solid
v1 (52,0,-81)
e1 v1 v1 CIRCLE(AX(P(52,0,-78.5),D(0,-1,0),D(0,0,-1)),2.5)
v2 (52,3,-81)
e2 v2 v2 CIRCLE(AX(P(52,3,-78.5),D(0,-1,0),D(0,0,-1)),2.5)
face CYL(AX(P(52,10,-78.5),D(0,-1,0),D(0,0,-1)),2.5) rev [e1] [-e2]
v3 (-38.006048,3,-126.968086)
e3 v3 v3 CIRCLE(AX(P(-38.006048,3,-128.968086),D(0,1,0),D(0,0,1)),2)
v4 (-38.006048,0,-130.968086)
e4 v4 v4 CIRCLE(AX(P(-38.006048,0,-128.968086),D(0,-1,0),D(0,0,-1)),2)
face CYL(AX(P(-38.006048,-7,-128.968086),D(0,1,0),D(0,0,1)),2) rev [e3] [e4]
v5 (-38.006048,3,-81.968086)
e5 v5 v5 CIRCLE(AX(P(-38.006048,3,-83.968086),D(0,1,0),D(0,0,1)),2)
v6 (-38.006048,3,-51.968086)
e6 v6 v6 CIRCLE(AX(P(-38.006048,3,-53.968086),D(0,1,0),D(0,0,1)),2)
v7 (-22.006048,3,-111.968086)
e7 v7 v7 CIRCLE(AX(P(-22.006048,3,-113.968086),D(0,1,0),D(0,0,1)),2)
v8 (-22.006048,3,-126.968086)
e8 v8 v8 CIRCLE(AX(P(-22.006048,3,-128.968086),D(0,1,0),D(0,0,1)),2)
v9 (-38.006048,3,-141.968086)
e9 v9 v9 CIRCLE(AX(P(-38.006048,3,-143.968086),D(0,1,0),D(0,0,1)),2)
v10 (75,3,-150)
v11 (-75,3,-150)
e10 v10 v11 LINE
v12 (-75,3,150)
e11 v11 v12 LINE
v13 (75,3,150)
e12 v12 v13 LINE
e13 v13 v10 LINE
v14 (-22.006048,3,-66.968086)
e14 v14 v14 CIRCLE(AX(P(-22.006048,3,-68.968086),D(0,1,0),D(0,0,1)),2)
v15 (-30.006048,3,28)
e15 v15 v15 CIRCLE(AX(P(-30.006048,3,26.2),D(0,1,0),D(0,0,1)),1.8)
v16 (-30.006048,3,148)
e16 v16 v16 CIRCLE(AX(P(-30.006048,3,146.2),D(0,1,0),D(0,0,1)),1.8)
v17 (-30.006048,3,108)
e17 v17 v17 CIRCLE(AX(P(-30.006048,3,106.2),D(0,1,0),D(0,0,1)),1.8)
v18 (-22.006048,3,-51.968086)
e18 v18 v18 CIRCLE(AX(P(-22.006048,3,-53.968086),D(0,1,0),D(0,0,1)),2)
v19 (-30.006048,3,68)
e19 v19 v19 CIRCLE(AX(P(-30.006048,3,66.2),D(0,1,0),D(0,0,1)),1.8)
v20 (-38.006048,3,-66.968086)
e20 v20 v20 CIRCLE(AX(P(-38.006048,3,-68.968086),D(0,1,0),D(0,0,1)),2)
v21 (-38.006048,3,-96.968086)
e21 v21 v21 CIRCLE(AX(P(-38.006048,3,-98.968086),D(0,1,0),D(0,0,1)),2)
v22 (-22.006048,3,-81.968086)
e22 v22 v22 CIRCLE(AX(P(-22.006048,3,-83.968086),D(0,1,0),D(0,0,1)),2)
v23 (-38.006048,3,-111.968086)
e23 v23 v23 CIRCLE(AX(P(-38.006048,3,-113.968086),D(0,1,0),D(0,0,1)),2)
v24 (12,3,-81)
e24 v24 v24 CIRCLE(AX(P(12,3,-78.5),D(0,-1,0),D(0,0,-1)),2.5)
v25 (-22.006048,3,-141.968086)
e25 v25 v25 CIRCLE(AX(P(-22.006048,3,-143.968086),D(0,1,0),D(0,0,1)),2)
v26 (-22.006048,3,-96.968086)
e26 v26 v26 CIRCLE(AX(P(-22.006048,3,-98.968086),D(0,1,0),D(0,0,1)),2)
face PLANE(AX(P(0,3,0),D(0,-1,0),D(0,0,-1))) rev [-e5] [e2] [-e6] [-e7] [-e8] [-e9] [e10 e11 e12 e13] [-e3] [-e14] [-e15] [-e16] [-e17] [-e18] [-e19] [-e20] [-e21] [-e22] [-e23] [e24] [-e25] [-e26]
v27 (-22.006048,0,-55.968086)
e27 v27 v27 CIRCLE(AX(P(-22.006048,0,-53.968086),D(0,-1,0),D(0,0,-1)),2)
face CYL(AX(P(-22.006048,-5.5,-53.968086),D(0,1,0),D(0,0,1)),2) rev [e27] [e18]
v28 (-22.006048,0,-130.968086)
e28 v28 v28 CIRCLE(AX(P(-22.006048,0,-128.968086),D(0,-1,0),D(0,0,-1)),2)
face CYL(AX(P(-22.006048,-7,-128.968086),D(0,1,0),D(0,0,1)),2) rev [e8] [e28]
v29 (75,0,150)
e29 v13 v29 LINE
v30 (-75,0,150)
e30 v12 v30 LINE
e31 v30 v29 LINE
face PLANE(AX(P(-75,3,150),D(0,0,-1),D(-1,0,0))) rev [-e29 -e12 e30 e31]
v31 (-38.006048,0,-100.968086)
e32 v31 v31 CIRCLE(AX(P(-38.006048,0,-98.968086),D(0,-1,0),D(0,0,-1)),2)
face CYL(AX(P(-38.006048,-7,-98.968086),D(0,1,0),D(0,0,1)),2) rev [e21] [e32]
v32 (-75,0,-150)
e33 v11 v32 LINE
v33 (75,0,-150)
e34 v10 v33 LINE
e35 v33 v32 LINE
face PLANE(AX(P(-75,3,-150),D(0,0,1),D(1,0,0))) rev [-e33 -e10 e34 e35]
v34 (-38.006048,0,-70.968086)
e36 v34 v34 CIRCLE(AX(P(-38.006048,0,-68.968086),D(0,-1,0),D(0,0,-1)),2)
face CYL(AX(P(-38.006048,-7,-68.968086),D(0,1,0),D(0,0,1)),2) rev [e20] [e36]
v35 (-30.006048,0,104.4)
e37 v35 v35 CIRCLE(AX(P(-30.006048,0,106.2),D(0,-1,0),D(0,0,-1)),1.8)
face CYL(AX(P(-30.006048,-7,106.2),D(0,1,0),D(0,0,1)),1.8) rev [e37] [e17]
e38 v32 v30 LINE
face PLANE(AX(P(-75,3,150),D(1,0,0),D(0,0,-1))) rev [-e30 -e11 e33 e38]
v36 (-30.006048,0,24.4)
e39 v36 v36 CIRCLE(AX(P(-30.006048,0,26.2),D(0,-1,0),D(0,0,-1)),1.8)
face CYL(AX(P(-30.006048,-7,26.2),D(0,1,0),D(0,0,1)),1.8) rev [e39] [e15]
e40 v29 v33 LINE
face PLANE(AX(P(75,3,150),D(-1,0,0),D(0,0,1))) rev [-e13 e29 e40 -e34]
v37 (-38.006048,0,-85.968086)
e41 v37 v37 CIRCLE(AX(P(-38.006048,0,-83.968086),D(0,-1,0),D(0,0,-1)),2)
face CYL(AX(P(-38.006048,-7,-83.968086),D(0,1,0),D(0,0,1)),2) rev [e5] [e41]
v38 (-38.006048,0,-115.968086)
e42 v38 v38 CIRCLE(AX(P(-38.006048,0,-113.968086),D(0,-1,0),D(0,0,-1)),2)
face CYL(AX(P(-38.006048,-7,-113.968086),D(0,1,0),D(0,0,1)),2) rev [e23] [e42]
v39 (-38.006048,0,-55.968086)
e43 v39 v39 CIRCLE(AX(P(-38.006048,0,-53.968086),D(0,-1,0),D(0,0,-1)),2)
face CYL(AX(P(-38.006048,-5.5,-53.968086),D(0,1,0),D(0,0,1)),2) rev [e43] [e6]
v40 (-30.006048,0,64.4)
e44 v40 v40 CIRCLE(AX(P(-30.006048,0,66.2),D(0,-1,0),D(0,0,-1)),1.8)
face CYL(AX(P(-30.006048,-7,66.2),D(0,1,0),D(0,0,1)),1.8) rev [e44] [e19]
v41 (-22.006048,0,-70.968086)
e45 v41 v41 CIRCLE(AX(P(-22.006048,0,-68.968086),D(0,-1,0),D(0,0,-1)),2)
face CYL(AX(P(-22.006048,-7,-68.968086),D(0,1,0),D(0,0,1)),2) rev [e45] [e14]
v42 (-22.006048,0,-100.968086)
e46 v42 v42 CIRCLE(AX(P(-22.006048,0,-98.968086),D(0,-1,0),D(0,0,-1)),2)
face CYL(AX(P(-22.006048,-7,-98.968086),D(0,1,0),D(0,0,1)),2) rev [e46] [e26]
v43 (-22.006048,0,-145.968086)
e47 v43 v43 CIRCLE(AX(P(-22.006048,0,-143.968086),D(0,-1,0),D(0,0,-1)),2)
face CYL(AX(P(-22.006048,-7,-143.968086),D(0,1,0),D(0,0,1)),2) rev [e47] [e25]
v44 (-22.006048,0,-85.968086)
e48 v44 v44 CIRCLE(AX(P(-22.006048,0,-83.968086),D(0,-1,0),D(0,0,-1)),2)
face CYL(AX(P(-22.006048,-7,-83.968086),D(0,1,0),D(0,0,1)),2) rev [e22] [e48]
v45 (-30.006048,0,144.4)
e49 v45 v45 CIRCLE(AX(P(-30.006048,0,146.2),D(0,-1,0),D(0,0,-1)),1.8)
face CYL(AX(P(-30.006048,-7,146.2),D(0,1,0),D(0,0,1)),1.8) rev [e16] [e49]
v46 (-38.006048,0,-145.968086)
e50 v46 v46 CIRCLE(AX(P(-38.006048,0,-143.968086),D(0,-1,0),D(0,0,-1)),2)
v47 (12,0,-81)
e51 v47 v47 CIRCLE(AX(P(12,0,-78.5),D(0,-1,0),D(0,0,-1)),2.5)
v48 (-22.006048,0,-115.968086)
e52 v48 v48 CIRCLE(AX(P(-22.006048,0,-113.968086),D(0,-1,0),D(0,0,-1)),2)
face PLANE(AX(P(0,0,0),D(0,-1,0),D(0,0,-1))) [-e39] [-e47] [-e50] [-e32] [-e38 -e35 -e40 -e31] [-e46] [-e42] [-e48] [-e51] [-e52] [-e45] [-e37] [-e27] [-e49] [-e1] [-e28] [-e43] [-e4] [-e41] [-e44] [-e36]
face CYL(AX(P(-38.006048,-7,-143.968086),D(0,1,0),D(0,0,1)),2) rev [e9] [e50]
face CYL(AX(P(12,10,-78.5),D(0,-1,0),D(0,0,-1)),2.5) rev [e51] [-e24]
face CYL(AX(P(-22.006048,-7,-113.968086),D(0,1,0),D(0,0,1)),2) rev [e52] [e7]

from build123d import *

# Parameters (mm, degrees)
SKETCH1_W           = 150
SKETCH1_H           = 300
BOSS_EXTRUDE1_DEPTH = 3
SKETCH2_R           = 2.5
CUT_EXTRUDE1_DEPTH  = 10
SKETCH3_R           = 1.8
CUT_EXTRUDE2_DEPTH  = 10
SKETCH4_R           = 2
CUT_EXTRUDE3_DEPTH  = 8.5
SKETCH5_R           = 2
CUT_EXTRUDE4_DEPTH  = 10


with BuildPart() as part:
    # Sketch1 → Boss-Extrude1 (new body)
    with BuildSketch(Plane(origin=(0, 0, 0), x_dir=(1, 0, 0), z_dir=(0, 1, 0))):
        Rectangle(SKETCH1_W, SKETCH1_H)
    extrude(amount=BOSS_EXTRUDE1_DEPTH)

    # Sketch2 → Cut-Extrude1 (cut)
    with BuildSketch(Plane.XZ):
        with Locations((52, -78.5)):
            Circle(SKETCH2_R)
        with Locations((12, -78.5)):
            Circle(SKETCH2_R)
    extrude(amount=-CUT_EXTRUDE1_DEPTH, mode=Mode.SUBTRACT)

    # Sketch3 → Cut-Extrude2 (cut)
    with BuildSketch(Plane(origin=(0, 3, 0), x_dir=(1, 0, 0), z_dir=(0, 1, 0))):
        with Locations((-30.006048092, -146.2)):
            Circle(SKETCH3_R)
        with Locations((-30.006048092, -106.2)):
            Circle(SKETCH3_R)
        with Locations((-30.006048092, -66.2)):
            Circle(SKETCH3_R)
        with Locations((-30.006048092, -26.2)):
            Circle(SKETCH3_R)
    extrude(amount=-CUT_EXTRUDE2_DEPTH, mode=Mode.SUBTRACT)

    # Sketch4 → Cut-Extrude3 (cut)
    with BuildSketch(Plane(origin=(0, 3, 0), x_dir=(1, 0, 0), z_dir=(0, 1, 0))):
        with Locations((-38.006048092, 53.968085801)):
            Circle(SKETCH4_R)
        with Locations((-22.006048092, 53.968085801)):
            Circle(SKETCH4_R)
    extrude(amount=-CUT_EXTRUDE3_DEPTH, mode=Mode.SUBTRACT)

    # Sketch5 → Cut-Extrude4 (cut)
    with BuildSketch(Plane(origin=(0, 3, 0), x_dir=(1, 0, 0), z_dir=(0, 1, 0))):
        with Locations((-38.006048092, 68.968085801)):
            Circle(SKETCH5_R)
        with Locations((-22.006048092, 68.968085801)):
            Circle(SKETCH5_R)
        with Locations((-38.006048092, 83.968085801)):
            Circle(SKETCH5_R)
        with Locations((-22.006048092, 83.968085801)):
            Circle(SKETCH5_R)
        with Locations((-38.006048092, 98.968085801)):
            Circle(SKETCH5_R)
        with Locations((-22.006048092, 98.968085801)):
            Circle(SKETCH5_R)
        with Locations((-38.006048092, 113.968085801)):
            Circle(SKETCH5_R)
        with Locations((-22.006048092, 113.968085801)):
            Circle(SKETCH5_R)
        with Locations((-38.006048092, 128.968085801)):
            Circle(SKETCH5_R)
        with Locations((-22.006048092, 128.968085801)):
            Circle(SKETCH5_R)
        with Locations((-38.006048092, 143.968085801)):
            Circle(SKETCH5_R)
        with Locations((-22.006048092, 143.968085801)):
            Circle(SKETCH5_R)
    extrude(amount=-CUT_EXTRUDE4_DEPTH, mode=Mode.SUBTRACT)


solid = part.part
